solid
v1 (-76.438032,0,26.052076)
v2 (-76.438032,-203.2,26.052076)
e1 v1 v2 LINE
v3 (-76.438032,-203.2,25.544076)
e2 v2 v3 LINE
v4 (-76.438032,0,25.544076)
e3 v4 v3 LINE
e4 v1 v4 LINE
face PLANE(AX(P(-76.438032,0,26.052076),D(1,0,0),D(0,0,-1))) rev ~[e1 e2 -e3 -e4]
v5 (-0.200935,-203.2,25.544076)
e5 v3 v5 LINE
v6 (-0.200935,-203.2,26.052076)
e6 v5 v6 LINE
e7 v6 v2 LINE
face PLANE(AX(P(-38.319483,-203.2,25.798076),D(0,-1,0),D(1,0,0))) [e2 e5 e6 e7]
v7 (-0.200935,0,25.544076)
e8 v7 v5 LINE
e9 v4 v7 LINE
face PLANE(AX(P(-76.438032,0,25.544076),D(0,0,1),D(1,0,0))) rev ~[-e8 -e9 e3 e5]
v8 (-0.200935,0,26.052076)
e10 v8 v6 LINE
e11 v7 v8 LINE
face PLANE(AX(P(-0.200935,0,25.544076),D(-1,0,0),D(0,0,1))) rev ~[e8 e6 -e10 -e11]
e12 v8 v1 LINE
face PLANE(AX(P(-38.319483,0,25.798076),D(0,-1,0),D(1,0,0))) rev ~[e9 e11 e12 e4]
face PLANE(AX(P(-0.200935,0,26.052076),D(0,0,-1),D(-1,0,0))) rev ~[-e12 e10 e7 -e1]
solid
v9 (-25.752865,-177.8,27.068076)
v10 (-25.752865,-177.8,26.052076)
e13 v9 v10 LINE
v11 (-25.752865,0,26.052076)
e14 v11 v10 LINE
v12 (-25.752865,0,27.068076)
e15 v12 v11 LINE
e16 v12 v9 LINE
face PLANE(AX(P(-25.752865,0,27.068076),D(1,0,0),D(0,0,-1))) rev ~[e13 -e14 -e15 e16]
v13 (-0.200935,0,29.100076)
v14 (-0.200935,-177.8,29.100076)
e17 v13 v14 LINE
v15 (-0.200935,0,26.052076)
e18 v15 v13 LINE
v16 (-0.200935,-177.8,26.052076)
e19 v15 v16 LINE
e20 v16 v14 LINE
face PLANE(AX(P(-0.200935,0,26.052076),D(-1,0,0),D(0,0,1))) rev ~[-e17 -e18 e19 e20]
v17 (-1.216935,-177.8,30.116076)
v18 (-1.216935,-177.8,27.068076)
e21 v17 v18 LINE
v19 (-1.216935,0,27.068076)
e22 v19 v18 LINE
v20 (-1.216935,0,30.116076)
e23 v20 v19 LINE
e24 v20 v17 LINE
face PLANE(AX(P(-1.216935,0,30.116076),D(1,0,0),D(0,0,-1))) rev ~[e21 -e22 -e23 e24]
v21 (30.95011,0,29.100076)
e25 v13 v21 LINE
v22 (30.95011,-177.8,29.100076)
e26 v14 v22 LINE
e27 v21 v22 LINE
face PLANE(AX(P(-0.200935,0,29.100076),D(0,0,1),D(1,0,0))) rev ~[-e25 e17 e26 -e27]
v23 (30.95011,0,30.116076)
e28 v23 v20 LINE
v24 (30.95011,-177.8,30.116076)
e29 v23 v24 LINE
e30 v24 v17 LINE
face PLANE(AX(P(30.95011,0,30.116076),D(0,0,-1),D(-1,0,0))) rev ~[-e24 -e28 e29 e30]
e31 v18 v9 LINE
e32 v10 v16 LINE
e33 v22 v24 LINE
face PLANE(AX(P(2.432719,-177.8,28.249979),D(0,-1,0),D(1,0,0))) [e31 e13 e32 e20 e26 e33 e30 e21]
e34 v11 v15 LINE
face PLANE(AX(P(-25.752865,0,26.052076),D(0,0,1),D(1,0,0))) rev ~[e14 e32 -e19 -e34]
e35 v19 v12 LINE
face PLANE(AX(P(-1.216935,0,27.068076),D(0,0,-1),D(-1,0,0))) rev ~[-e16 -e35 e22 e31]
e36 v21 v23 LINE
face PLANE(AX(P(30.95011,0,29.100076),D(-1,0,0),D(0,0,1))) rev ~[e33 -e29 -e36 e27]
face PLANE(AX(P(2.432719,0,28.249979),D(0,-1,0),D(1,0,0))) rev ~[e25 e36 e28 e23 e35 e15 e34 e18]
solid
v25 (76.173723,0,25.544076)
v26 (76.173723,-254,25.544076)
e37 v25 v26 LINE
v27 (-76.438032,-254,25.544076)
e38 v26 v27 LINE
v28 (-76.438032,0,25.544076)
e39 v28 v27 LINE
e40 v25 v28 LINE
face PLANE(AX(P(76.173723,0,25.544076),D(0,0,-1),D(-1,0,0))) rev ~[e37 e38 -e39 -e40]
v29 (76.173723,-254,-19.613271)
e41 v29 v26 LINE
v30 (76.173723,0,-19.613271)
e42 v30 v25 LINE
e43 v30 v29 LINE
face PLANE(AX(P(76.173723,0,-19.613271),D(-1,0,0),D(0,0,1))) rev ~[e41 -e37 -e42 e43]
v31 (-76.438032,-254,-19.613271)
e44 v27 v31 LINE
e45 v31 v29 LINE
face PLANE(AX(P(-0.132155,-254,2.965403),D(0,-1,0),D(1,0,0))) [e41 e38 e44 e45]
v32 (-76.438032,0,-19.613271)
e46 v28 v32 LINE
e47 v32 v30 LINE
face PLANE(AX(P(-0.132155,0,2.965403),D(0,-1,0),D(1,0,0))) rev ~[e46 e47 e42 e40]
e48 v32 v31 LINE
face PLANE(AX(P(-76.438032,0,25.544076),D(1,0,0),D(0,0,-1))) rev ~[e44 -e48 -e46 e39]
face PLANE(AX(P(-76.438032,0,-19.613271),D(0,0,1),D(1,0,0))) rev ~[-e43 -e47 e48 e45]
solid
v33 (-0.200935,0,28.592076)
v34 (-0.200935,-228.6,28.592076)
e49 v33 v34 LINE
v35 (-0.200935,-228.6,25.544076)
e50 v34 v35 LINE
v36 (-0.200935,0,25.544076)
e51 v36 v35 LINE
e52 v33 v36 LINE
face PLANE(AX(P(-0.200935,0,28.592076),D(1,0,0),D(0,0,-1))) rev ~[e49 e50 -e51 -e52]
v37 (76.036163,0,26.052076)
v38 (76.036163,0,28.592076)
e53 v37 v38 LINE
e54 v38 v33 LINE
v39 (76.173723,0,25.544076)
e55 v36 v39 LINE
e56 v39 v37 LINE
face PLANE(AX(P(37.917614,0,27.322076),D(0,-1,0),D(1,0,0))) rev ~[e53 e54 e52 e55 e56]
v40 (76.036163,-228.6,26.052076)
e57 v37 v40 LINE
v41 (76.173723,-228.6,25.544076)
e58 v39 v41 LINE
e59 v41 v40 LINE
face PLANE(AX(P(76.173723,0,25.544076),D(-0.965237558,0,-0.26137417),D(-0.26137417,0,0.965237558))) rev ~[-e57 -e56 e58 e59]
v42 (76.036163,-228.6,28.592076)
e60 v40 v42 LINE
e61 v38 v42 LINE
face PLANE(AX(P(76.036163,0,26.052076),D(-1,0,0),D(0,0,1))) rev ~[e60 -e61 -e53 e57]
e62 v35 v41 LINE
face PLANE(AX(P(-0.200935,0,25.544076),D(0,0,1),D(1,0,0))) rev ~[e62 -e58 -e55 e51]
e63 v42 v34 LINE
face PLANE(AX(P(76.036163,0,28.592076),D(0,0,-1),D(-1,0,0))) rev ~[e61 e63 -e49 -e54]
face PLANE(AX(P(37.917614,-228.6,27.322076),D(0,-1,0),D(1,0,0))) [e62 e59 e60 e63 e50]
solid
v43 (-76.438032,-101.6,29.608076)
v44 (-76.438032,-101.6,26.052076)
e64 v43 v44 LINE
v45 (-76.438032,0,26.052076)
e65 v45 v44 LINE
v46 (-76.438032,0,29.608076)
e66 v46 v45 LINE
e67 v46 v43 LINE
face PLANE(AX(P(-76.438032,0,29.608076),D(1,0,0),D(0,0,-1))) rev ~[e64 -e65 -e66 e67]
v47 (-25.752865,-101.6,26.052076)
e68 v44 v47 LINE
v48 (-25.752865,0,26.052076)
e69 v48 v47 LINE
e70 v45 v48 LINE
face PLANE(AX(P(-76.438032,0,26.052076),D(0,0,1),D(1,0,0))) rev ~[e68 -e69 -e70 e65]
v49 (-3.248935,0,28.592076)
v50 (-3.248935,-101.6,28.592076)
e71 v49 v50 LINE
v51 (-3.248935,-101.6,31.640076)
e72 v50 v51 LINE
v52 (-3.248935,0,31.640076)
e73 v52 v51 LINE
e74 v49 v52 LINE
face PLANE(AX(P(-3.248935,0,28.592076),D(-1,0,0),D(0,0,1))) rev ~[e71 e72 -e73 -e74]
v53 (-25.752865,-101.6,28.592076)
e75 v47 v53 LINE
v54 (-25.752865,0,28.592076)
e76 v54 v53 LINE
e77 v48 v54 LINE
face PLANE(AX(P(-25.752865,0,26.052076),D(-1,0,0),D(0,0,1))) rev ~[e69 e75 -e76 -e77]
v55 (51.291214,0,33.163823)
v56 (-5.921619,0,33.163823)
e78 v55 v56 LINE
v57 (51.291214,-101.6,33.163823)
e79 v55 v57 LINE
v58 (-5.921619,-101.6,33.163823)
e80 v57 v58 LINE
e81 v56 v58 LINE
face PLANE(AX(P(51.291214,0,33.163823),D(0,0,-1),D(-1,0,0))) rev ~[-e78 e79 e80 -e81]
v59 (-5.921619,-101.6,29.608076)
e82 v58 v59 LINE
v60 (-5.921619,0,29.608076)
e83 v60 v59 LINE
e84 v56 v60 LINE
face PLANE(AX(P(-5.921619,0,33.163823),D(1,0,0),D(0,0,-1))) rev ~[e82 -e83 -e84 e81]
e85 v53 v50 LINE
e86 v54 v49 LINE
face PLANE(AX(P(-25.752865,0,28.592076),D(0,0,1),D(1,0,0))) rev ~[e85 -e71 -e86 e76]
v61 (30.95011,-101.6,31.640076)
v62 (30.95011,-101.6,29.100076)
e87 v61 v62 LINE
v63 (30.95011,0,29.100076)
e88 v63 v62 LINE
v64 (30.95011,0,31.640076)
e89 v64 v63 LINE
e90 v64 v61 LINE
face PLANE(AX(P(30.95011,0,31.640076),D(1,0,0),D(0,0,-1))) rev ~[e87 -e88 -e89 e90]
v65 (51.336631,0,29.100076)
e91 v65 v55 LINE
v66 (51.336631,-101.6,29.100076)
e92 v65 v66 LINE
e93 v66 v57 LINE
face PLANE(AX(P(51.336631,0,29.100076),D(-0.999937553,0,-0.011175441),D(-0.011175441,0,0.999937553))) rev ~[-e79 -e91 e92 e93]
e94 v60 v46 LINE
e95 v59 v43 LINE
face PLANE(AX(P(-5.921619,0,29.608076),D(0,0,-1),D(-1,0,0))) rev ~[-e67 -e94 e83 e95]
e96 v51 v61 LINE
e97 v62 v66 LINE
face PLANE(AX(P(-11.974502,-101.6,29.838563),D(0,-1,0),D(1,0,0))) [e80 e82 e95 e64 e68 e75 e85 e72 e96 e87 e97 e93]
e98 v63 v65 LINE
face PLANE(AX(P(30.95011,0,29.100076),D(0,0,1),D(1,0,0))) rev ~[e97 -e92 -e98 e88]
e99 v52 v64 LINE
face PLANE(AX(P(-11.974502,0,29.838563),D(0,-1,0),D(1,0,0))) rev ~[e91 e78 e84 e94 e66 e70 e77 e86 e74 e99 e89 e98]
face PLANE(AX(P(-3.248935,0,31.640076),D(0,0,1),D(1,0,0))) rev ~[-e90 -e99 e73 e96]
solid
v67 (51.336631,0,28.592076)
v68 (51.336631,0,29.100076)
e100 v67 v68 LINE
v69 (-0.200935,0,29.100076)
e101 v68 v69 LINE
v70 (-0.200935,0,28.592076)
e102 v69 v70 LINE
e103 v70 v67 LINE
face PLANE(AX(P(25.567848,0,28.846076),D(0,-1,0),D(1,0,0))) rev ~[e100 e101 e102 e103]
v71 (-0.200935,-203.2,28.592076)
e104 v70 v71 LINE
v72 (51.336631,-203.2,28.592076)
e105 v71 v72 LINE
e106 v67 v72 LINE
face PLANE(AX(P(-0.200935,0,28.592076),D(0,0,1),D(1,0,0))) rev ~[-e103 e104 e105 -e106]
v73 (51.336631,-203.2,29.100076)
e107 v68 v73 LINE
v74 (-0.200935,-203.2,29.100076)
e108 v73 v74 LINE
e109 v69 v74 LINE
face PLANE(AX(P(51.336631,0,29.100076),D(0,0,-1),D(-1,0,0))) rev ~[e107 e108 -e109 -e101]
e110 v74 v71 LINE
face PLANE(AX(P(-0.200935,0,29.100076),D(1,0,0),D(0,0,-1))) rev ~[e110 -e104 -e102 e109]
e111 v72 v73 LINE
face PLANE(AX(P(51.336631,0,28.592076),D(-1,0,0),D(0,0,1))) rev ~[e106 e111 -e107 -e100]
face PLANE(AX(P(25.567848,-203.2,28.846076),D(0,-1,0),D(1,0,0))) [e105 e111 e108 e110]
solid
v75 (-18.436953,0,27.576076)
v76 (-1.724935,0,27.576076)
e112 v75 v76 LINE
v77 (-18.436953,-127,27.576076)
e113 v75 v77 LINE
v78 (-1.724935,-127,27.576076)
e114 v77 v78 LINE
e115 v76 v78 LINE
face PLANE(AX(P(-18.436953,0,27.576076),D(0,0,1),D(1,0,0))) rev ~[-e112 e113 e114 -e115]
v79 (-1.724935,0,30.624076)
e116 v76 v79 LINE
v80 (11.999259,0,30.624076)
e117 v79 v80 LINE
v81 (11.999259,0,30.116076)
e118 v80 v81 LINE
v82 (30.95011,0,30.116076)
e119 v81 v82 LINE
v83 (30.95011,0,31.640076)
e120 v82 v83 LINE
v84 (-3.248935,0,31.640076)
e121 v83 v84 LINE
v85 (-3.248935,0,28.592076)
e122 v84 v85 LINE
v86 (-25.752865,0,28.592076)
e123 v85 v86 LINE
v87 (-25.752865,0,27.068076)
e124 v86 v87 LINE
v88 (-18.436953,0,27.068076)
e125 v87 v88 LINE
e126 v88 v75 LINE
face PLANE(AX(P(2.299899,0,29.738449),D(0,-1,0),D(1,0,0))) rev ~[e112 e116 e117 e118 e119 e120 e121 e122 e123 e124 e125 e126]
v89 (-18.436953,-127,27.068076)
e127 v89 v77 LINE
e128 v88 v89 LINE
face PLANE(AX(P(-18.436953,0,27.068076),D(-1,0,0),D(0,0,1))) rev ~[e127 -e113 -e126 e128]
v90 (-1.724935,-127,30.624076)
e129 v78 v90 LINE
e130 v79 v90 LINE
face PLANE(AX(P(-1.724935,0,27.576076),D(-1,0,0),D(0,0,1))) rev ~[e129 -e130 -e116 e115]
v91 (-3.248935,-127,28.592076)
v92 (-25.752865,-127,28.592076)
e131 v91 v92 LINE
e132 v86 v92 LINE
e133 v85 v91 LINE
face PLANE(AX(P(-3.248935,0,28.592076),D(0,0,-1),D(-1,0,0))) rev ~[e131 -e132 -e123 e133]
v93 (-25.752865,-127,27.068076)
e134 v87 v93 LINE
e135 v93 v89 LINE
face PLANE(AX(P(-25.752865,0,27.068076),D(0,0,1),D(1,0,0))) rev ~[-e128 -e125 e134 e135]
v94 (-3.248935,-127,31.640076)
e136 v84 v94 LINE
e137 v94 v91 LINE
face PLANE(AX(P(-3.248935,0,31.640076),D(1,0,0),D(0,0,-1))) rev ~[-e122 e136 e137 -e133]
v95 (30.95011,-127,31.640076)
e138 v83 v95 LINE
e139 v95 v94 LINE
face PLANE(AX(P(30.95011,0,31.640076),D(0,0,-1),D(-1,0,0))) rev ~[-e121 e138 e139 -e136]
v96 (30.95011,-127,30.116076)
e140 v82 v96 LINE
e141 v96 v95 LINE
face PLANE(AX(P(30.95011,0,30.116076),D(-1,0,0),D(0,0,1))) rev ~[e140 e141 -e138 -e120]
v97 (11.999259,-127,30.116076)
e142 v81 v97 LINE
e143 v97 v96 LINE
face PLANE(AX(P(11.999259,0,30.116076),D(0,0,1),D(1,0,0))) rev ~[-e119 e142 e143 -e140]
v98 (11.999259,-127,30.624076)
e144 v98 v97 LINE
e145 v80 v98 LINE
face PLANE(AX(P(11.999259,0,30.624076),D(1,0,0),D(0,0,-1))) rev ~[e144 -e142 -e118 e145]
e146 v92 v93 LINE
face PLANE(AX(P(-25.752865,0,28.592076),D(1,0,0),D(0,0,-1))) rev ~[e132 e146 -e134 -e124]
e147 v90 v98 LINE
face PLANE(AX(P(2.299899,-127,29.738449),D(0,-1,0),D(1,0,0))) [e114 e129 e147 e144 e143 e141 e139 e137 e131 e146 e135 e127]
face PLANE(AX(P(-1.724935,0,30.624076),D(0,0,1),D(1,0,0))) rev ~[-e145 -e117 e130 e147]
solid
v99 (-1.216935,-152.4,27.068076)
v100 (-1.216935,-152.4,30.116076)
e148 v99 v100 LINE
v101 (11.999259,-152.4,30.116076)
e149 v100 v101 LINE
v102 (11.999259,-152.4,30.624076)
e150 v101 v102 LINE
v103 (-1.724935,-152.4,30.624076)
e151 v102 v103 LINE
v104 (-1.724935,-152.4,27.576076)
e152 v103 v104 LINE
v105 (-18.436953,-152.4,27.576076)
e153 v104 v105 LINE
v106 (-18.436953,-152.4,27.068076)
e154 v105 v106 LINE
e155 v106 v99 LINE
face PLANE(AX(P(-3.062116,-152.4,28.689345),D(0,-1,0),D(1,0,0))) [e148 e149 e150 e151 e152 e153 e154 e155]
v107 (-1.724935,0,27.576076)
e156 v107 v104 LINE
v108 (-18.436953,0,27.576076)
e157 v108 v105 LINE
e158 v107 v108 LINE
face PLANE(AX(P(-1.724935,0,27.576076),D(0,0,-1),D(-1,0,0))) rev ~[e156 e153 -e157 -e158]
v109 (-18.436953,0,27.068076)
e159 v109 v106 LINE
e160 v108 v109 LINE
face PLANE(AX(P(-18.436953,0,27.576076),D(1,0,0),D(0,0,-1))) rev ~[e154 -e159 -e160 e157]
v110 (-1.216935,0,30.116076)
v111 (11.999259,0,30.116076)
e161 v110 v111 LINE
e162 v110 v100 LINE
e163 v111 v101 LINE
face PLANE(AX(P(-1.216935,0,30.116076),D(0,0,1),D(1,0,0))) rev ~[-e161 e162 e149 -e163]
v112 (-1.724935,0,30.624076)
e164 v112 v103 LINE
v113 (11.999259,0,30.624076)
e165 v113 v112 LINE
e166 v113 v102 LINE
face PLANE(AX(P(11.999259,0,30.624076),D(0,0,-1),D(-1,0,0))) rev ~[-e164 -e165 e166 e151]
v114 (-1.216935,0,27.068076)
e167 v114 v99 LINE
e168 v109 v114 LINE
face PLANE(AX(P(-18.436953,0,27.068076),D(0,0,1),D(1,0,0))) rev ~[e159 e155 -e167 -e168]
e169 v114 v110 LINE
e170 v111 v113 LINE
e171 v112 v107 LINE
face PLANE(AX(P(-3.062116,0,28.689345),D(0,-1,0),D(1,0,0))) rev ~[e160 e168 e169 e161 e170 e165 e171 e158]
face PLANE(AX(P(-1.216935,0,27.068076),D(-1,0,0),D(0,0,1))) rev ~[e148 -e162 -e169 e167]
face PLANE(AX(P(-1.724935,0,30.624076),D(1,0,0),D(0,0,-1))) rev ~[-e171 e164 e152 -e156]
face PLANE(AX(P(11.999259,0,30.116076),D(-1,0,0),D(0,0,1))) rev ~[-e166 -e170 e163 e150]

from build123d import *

# Parameters (mm, degrees)
F1_DEPTH = 254
F2_DEPTH = 228.6
F3_DEPTH = 203.2
F4_DEPTH = 177.8
F5_DEPTH = 152.4
F6_DEPTH = 127
F7_DEPTH = 101.6


with BuildPart() as f1:
    # F0 (on Front) → F1 (new body)
    with BuildSketch(Plane.XZ):
        Polygon((-76.438032, 25.036076), (-76.438032, -19.613271), (76.173723, -19.613271), (76.173723, 23.512076), (76.173723, 25.544076), (-0.200935, 25.544076), (-76.438032, 25.544076), align=None)
    extrude(amount=F1_DEPTH)


with BuildPart() as f2:
    # F0 (on Front) → F2 (new body)
    with BuildSketch(Plane.XZ):
        Polygon((-0.200935, 26.052076), (76.036163, 26.052076), (76.036163, 28.592076), (69.713205, 28.592076), (51.336631, 28.592076), (-0.200935, 28.592076), align=None)
        Polygon((-0.200935, 25.544076), (76.173723, 25.544076), (76.036163, 26.052076), (-0.200935, 26.052076), align=None)
    extrude(amount=F2_DEPTH)


with BuildPart() as f3:
    # F0 (on Front) → F3 (new body)
    with BuildSketch(Plane.XZ):
        Polygon((-76.438032, 26.052076), (-76.438032, 25.544076), (-0.200935, 25.544076), (-0.200935, 26.052076), (-25.752865, 26.052076), align=None)
        Polygon((-0.200935, 29.100076), (-0.200935, 28.592076), (51.336631, 28.592076), (51.336631, 29.100076), (30.95011, 29.100076), align=None)
    extrude(amount=F3_DEPTH)


with BuildPart() as f4:
    # F0 (on Front) → F4 (new body)
    with BuildSketch(Plane.XZ):
        Polygon((-25.752865, 26.052076), (-0.200935, 26.052076), (-0.200935, 28.592076), (-0.200935, 29.100076), (30.95011, 29.100076), (30.95011, 30.116076), (11.999259, 30.116076), (-1.216935, 30.116076), (-1.216935, 27.068076), (-18.436953, 27.068076), (-25.752865, 27.068076), align=None)
    extrude(amount=F4_DEPTH)


with BuildPart() as f5:
    # F0 (on Front) → F5 (new body)
    with BuildSketch(Plane.XZ):
        Polygon((-18.436953, 27.576076), (-18.436953, 27.068076), (-1.216935, 27.068076), (-1.216935, 30.116076), (11.999259, 30.116076), (11.999259, 30.624076), (-1.724935, 30.624076), (-1.724935, 27.576076), align=None)
    extrude(amount=F5_DEPTH)


with BuildPart() as f6:
    # F0 (on Front) → F6 (new body)
    with BuildSketch(Plane.XZ):
        Polygon((-25.752865, 28.592076), (-25.752865, 27.068076), (-18.436953, 27.068076), (-18.436953, 27.576076), (-1.724935, 27.576076), (-1.724935, 30.624076), (11.999259, 30.624076), (11.999259, 30.116076), (30.95011, 30.116076), (30.95011, 31.640076), (-3.248935, 31.640076), (-3.248935, 28.592076), align=None)
    extrude(amount=F6_DEPTH)


with BuildPart() as f7:
    # F0 (on Front) → F7 (new body)
    with BuildSketch(Plane.XZ):
        Polygon((-76.438032, 29.608076), (-76.438032, 26.052076), (-25.752865, 26.052076), (-25.752865, 27.068076), (-25.752865, 28.592076), (-3.248935, 28.592076), (-3.248935, 31.640076), (30.95011, 31.640076), (30.95011, 30.116076), (30.95011, 29.100076), (51.336631, 29.100076), (51.291214, 33.163823), (-5.921619, 33.163823), (-5.921619, 29.608076), align=None)
    extrude(amount=F7_DEPTH)


solid = Compound([f1.part, f2.part, f3.part, f4.part, f5.part, f6.part, f7.part])
